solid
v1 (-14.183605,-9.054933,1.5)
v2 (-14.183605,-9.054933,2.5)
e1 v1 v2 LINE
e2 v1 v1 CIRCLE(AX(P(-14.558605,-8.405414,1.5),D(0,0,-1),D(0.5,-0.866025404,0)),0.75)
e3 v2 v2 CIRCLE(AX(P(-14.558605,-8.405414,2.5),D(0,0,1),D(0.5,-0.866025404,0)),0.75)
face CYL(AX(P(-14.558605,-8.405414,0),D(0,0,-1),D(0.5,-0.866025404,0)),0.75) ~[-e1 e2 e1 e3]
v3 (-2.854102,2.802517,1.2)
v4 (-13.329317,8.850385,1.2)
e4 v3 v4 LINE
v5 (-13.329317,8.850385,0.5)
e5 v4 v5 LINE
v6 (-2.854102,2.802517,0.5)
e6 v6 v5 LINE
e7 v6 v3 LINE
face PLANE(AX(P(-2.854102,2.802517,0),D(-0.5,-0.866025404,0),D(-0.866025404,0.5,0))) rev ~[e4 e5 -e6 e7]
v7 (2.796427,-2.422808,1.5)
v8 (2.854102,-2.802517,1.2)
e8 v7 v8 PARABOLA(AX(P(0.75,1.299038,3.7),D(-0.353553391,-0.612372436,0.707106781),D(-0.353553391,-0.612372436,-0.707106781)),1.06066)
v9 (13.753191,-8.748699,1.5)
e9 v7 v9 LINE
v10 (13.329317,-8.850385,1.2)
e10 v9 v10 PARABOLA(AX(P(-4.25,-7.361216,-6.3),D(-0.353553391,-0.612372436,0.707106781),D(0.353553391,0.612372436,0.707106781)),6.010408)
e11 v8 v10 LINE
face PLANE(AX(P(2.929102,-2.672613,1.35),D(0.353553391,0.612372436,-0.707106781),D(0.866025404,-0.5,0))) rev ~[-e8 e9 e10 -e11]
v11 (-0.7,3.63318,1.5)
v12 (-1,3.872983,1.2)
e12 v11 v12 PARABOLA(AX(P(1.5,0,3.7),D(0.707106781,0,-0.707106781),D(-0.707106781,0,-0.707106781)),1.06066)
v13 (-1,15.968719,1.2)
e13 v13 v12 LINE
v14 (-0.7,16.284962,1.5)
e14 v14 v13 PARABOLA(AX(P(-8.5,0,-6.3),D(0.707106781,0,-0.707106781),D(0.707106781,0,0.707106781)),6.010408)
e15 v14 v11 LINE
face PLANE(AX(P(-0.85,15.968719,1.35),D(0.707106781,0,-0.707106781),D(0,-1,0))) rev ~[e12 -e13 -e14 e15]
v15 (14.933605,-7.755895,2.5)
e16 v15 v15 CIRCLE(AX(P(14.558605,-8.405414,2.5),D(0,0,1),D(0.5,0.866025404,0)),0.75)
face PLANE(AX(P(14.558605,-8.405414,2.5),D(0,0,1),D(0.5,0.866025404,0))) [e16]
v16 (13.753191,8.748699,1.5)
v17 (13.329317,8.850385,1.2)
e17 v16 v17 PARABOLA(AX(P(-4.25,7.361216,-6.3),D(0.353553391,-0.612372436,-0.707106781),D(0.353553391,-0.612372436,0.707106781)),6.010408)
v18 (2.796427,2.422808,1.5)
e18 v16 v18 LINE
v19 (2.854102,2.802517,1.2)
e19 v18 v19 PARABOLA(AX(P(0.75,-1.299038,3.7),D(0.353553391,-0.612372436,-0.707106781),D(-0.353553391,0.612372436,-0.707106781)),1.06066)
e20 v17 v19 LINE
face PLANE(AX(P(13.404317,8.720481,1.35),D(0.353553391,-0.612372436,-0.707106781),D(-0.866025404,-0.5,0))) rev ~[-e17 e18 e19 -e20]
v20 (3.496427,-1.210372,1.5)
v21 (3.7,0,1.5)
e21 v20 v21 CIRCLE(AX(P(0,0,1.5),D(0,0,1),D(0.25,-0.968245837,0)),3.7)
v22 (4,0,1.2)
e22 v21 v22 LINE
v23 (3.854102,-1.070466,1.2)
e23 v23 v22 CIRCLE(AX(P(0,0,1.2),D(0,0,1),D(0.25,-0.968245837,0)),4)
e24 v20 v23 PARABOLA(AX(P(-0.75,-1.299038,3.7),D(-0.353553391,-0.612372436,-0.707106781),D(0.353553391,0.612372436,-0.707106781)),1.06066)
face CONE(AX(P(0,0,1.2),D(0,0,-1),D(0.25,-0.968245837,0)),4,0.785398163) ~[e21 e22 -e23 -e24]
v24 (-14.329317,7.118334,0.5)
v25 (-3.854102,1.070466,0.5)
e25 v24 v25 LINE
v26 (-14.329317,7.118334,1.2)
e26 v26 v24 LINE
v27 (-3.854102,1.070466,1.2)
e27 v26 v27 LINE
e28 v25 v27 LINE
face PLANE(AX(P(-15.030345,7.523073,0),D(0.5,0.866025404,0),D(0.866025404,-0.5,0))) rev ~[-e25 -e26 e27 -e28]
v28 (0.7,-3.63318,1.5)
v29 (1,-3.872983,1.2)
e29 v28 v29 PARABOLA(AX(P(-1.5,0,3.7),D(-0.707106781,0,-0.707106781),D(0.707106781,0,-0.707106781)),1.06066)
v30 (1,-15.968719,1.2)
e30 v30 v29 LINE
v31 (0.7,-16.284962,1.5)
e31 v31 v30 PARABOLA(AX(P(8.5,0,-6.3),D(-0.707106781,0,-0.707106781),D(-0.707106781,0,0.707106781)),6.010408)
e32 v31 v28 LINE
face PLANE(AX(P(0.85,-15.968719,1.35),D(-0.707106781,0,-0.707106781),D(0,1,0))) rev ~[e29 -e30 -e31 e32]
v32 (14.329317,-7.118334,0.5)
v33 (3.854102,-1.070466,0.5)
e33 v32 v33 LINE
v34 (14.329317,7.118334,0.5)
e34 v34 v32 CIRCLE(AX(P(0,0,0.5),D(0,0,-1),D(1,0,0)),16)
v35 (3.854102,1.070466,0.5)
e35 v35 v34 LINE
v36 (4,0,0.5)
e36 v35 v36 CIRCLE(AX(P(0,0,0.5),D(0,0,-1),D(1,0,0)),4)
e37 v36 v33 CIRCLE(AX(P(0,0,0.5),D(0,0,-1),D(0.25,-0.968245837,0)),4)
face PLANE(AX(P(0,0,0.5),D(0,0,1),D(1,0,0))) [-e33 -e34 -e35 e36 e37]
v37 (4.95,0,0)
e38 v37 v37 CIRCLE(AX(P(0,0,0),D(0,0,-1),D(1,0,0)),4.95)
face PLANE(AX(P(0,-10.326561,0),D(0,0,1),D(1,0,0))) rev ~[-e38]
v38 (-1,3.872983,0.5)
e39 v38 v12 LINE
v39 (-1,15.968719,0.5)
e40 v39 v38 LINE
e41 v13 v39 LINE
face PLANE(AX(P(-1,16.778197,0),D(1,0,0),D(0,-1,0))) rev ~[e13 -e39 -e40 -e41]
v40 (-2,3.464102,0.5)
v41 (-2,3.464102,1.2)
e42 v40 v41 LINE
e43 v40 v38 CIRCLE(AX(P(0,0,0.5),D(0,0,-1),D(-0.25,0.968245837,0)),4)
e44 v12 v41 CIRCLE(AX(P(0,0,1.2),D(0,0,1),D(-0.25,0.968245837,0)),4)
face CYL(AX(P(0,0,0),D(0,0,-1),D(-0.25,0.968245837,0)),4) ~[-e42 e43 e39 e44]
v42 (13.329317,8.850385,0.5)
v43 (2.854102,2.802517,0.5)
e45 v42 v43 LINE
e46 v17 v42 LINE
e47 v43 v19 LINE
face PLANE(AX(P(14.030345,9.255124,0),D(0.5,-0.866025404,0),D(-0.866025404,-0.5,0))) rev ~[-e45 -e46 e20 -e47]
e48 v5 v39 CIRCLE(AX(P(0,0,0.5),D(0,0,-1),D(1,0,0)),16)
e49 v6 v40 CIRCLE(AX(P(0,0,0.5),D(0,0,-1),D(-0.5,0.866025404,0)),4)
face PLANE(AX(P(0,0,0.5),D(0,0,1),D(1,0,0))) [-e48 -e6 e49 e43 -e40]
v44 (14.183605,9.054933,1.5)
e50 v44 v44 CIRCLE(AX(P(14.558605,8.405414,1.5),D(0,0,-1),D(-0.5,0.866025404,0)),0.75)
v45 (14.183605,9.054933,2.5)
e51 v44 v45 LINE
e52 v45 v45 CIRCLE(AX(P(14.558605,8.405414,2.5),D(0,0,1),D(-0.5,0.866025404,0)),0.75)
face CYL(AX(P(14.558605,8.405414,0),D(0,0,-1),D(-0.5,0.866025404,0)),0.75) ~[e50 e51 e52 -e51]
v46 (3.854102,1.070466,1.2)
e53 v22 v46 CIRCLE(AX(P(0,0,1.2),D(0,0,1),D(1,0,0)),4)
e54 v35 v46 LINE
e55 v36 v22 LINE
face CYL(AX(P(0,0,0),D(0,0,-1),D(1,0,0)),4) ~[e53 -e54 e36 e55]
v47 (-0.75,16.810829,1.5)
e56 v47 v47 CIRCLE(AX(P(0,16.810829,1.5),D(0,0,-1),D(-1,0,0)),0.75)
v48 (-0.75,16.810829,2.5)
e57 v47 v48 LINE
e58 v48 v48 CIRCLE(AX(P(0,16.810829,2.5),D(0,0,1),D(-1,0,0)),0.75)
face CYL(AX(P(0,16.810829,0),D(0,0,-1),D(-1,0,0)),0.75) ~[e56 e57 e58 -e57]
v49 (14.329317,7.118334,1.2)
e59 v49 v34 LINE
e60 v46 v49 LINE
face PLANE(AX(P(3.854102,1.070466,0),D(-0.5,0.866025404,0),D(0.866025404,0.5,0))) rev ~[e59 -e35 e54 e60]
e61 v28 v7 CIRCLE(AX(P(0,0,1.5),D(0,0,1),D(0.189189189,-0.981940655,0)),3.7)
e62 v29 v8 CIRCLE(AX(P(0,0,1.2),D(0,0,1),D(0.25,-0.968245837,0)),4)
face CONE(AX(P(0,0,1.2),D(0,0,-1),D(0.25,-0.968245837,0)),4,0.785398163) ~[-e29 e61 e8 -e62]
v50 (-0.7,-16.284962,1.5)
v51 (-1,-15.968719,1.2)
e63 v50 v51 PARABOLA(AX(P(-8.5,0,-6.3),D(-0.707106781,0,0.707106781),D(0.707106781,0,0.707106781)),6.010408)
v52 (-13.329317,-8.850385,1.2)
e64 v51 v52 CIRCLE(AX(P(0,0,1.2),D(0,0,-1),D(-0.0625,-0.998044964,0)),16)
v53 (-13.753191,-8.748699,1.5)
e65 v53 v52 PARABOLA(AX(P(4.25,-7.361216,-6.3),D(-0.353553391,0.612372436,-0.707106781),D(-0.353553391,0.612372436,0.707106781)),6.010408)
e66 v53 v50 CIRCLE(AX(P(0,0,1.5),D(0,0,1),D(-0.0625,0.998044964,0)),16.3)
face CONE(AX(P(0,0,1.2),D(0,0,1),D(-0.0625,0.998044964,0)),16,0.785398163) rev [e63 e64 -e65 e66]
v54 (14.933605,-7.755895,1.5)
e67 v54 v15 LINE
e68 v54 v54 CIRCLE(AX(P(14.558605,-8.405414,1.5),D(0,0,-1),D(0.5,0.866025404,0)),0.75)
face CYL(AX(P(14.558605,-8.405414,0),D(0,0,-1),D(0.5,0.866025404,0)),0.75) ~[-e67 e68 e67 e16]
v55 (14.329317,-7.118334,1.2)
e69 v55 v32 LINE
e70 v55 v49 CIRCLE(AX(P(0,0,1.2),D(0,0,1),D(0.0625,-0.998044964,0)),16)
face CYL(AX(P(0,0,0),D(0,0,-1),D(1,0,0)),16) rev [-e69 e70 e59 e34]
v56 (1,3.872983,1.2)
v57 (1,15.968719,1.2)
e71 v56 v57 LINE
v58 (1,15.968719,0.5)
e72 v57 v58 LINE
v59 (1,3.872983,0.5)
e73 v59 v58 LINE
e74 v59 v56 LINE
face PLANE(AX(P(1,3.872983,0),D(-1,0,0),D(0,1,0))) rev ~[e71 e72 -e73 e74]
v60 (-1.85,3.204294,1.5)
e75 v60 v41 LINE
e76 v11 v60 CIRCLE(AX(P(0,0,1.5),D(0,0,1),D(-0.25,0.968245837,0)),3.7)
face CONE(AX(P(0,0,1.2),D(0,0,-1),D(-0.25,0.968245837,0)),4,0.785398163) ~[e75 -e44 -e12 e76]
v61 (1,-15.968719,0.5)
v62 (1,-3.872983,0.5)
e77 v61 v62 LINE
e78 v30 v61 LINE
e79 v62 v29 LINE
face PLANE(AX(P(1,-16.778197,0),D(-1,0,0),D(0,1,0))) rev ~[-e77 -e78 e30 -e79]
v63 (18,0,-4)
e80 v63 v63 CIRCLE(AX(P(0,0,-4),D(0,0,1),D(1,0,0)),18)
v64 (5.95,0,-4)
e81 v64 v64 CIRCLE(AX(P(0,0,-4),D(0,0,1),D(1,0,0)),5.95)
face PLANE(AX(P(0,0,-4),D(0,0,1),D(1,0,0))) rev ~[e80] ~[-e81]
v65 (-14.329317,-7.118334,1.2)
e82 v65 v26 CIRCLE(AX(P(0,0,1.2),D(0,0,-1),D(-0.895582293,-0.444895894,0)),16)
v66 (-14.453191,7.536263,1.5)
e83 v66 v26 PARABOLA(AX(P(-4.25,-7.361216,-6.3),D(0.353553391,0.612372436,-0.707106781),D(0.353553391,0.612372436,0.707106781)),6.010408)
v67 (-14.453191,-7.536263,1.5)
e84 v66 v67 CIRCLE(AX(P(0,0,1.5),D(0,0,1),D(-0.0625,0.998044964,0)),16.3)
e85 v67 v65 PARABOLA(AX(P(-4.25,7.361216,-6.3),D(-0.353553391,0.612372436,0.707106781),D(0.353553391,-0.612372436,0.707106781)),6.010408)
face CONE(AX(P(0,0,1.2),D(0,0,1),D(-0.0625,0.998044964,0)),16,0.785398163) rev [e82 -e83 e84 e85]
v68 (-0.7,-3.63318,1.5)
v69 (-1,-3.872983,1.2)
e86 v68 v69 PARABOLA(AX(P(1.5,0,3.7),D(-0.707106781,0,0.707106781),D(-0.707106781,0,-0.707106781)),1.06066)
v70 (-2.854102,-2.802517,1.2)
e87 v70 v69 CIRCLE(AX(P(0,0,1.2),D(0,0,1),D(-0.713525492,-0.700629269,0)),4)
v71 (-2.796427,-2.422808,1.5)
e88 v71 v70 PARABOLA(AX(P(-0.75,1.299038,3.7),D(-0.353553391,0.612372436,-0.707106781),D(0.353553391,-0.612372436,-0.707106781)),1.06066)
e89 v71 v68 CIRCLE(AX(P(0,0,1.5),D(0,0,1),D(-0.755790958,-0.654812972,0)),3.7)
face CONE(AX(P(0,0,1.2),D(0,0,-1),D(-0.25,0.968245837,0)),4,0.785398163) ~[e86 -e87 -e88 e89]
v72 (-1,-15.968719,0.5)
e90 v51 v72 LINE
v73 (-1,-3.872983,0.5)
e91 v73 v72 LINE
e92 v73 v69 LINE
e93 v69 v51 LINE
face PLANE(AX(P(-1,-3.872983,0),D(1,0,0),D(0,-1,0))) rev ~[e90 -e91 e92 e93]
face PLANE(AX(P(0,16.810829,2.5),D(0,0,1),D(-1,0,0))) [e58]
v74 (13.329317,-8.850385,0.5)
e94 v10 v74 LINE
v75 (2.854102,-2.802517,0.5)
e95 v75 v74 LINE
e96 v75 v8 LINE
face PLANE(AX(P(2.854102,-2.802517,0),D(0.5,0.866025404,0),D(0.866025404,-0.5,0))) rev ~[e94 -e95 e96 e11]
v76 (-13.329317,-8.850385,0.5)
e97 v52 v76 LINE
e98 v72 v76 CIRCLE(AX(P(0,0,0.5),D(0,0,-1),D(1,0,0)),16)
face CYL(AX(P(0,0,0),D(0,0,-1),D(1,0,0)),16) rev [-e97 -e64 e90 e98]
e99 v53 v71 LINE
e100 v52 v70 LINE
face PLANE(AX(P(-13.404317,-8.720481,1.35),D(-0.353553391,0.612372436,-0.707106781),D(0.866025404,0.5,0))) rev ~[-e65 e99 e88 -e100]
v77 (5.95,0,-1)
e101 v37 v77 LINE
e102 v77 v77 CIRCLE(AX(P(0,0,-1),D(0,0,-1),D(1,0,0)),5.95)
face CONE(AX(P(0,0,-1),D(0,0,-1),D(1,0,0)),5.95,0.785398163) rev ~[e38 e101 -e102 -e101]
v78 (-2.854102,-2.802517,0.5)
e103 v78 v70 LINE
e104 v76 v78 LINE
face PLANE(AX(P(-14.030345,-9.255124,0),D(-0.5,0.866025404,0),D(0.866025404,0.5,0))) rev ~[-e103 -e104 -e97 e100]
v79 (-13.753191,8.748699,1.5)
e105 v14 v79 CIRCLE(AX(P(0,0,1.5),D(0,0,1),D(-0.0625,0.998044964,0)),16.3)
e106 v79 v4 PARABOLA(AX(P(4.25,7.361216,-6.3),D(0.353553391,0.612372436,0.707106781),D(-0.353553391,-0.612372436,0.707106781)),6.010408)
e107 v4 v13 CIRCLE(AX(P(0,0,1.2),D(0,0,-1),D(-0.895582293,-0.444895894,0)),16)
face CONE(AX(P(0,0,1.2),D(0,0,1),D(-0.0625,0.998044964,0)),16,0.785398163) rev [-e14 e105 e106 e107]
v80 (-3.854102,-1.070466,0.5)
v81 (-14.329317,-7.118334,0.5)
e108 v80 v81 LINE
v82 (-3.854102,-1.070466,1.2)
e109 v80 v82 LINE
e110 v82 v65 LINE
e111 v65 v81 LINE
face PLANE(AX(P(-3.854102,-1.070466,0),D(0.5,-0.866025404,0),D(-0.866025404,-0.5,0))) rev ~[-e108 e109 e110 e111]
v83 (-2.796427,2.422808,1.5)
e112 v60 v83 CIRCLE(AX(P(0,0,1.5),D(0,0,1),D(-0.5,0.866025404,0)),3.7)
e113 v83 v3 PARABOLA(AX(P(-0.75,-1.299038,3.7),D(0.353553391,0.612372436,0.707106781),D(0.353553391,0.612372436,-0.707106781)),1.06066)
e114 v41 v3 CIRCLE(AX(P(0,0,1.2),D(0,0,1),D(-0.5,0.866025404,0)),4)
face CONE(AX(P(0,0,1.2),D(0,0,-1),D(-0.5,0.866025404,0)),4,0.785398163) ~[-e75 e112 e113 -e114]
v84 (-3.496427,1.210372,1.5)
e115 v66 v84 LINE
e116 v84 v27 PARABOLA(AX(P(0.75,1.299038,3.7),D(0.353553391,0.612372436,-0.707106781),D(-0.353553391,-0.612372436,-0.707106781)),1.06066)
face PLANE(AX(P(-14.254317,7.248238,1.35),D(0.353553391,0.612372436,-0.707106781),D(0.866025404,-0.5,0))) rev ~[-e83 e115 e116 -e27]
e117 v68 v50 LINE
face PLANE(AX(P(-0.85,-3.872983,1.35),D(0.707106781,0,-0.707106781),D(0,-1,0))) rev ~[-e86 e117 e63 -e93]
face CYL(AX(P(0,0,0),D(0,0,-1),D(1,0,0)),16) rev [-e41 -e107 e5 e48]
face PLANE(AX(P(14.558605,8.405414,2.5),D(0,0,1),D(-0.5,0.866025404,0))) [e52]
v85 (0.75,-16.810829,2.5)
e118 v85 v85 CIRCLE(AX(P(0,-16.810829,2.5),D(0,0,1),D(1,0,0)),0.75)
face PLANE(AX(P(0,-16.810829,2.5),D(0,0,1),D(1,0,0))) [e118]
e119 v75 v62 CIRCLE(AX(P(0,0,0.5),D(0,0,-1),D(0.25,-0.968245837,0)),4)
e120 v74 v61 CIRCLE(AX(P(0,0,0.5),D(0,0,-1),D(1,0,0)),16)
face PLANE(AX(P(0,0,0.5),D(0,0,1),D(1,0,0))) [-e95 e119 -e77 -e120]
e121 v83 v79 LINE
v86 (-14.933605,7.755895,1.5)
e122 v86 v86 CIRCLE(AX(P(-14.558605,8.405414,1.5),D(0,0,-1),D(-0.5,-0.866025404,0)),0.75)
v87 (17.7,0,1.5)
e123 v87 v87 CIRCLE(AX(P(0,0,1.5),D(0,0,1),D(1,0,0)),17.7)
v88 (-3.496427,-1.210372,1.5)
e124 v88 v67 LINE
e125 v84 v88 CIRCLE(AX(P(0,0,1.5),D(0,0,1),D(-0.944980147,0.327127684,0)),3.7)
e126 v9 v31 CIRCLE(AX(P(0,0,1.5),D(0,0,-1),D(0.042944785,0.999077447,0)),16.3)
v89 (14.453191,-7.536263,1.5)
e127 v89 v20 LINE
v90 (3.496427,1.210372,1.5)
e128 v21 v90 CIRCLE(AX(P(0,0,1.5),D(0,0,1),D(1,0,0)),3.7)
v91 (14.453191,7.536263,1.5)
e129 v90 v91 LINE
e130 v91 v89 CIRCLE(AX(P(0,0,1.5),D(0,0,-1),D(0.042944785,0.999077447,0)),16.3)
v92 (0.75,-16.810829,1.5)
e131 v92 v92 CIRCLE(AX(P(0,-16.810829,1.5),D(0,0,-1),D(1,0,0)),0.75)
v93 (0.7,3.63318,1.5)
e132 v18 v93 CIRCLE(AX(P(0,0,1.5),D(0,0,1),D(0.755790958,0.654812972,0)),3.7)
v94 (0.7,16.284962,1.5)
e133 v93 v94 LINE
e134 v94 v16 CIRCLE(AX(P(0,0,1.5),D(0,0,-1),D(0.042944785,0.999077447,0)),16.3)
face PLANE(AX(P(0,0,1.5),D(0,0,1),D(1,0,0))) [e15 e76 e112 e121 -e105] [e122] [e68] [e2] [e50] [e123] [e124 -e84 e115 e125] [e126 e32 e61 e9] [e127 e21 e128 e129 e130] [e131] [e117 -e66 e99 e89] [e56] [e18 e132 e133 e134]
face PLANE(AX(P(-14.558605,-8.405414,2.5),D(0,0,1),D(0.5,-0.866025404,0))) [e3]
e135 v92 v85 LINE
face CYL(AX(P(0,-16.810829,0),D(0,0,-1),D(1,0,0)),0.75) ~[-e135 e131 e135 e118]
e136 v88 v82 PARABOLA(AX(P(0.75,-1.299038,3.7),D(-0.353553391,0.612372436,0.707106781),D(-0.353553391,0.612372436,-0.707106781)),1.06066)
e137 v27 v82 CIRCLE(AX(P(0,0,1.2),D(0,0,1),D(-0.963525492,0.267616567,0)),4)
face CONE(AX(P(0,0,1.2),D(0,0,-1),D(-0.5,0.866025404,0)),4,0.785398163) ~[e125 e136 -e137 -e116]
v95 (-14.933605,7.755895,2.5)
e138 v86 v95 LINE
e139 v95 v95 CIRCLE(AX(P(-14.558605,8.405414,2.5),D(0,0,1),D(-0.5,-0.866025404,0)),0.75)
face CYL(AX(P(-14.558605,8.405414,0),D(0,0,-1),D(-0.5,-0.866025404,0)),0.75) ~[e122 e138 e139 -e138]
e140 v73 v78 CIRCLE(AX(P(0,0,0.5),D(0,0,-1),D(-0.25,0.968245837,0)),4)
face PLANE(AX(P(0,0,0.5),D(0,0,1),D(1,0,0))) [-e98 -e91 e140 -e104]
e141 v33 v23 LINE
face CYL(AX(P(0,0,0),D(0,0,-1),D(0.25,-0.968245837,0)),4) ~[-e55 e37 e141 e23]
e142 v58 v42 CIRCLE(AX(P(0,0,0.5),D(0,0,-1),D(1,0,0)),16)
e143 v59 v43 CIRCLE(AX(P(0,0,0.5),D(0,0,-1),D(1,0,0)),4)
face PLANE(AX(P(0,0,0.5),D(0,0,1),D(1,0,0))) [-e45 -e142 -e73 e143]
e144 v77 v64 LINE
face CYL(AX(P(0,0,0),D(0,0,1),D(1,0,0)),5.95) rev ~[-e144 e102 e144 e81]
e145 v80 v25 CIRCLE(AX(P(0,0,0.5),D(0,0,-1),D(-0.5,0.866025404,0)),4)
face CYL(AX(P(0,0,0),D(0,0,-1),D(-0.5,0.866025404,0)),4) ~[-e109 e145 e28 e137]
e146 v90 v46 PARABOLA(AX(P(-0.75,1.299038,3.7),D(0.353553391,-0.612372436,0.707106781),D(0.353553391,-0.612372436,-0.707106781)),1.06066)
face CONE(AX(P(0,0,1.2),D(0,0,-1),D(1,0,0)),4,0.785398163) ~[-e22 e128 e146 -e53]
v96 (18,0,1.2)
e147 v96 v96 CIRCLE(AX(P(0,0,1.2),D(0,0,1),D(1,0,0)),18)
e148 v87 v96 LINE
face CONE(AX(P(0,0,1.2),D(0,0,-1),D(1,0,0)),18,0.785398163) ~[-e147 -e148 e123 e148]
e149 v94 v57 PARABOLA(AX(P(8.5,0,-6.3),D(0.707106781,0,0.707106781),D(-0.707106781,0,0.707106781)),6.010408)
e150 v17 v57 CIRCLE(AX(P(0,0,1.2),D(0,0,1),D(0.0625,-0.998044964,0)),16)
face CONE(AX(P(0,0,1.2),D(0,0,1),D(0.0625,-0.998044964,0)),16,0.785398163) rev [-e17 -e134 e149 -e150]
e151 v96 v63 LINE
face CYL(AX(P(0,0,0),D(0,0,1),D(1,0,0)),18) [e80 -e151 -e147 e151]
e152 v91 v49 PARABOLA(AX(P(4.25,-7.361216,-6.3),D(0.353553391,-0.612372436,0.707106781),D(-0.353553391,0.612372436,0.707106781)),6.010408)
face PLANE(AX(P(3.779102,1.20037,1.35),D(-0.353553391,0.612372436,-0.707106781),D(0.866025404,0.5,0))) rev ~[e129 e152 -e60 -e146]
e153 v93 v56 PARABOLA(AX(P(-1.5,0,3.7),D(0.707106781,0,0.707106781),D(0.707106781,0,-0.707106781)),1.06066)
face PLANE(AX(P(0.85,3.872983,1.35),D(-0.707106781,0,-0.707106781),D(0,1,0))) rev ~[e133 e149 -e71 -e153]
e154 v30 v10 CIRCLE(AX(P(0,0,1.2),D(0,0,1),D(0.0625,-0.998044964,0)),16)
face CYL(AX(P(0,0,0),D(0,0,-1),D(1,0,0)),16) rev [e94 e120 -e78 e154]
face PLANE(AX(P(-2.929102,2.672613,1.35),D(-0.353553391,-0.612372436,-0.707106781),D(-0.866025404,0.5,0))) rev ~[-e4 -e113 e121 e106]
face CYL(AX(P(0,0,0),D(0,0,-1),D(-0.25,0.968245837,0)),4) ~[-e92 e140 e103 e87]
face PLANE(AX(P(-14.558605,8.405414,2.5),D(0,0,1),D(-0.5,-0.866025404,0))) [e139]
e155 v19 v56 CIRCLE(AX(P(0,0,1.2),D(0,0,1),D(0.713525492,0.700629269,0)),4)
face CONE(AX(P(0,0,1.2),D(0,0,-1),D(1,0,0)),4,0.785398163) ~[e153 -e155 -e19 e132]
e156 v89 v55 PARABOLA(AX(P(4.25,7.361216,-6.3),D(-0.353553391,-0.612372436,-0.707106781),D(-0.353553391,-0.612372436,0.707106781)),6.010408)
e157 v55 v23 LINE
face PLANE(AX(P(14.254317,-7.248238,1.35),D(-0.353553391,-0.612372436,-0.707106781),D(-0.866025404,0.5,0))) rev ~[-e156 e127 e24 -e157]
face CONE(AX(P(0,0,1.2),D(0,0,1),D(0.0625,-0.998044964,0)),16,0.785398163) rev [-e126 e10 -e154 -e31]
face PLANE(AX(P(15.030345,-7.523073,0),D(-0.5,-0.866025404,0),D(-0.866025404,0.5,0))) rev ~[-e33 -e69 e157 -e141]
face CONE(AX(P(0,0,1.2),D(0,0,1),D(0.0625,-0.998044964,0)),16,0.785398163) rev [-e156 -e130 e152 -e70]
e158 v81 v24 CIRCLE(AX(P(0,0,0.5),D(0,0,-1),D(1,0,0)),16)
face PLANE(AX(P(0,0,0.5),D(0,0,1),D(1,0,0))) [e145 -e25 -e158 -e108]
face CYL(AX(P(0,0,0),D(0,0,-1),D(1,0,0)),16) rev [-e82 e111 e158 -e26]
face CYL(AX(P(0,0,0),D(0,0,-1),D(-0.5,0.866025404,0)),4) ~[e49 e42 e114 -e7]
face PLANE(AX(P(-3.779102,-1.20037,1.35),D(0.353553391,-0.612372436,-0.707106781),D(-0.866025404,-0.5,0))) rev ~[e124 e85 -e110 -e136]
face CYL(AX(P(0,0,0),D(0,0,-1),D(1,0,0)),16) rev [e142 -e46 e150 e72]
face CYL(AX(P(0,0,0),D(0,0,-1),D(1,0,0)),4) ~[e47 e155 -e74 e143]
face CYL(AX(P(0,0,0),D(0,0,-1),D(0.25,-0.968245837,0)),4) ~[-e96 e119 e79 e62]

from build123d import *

# Parameters (mm, degrees)
F0_R      = 18
F0_R_2    = 5.95
F1_DEPTH  = 4
F2_R      = 18
F2_R_2    = 16
F3_DEPTH  = 1.5
F5_DEPTH  = 1.5
F6_SIZE   = 0.3
F7_COUNT  = 3
F8_R      = 0.75
F9_DEPTH  = 2.5
F10_COUNT = 6
F11_R     = 17
F12_DEPTH = 0.5
F13_SIZE  = 1


with BuildPart() as f1:
    # F0 (on Top) → F1 (new body)
    with BuildSketch(Plane.XY):
        Circle(F0_R)
        Circle(F0_R_2, mode=Mode.SUBTRACT)
    extrude(amount=-F1_DEPTH)

    # F2 (on Top) → F3 (join)
    with BuildSketch(Plane.XY):
        Circle(F2_R)
        Circle(F2_R_2, mode=Mode.SUBTRACT)
    extrude(amount=F3_DEPTH)

    # F4 (on Top) → F5 (join)
    with BuildSketch(Plane.XY):
        with BuildLine():
            Line((-1, -16.7781973636), (1, -16.7781973636))
            Line((1, -16.7781973636), (1, -3.8729833462))
            ThreePointArc((1, -3.8729833462), (0, -4), (-1, -3.8729833462))
            Line((-1, -3.8729833462), (-1, -16.7781973636))
        make_face()
        with BuildLine():
            ThreePointArc((-1, -3.8729833462), (0, -4), (1, -3.8729833462))
            Line((1, -3.8729833462), (1, 3.8729833462))
            ThreePointArc((1, 3.8729833462), (0, 4), (-1, 3.8729833462))
            Line((-1, 3.8729833462), (-1, -3.8729833462))
        make_face()
        with BuildLine():
            Line((1, 3.8729833462), (1, -3.8729833462))
            ThreePointArc((1, -3.8729833462), (3.1622776602, -2.4494897428), (4, 0))
            ThreePointArc((4, 0), (3.1622776602, 2.4494897428), (1, 3.8729833462))
        make_face()
        with BuildLine():
            ThreePointArc((-1, 3.8729833462), (-4, 0), (-1, -3.8729833462))
            Line((-1, -3.8729833462), (-1, 3.8729833462))
        make_face()
        with BuildLine():
            ThreePointArc((-1, 3.8729833462), (0, 4), (1, 3.8729833462))
            Line((1, 3.8729833462), (1, 16.7781973636))
            Line((1, 16.7781973636), (-1, 16.7781973636))
            Line((-1, 16.7781973636), (-1, 3.8729833462))
        make_face()
    extrude(amount=F5_DEPTH)

    # F6
    f6_edges = [f1.edges().sort_by_distance(p)[0] for p in [
        (-18, 0, 1.5),
        (16, 0, 1.5),
        (1, -9.920851, 1.5),
        (4, 0, 1.5),
        (1, 9.920851, 1.5),
        (-16, 0, 1.5),
        (-1, 9.920851, 1.5),
        (-4, 0, 1.5),
        (-1, -9.920851, 1.5),
    ]]
    chamfer(f6_edges, length=F6_SIZE)

    # F7: F1 ×3 about axis
    f7_axis = Axis((0, 0, 0), (0, 0, 1))


with BuildPart() as f1_1:
    add(f1.part)
    for i in range(1, F7_COUNT):
        add(f1.part.rotate(f7_axis, i * 360 / F7_COUNT))

    # F8 (on Top) → F9 (join)
    with BuildSketch(Plane.XY):
        with Locations((0, -16.8108288199)):
            Circle(F8_R)
    extrude(amount=F9_DEPTH)

    # F10: F1 ×6 about axis
    f10_axis = Axis((0, 0, 1.2), (0, 0, -1))


with BuildPart() as f1_2:
    add(f1_1.part)
    for i in range(1, F10_COUNT):
        add(f1_1.part.rotate(f10_axis, i * 360 / F10_COUNT))

    # F11 (on Top) → F12 (join)
    with BuildSketch(Plane.XY):
        Circle(F11_R)
    extrude(amount=F12_DEPTH)

    # F13
    f13_edges = [f1_2.edges().sort_by_distance(p)[0] for p in [
        (-5.95, 0, 0),
    ]]
    chamfer(f13_edges, length=F13_SIZE)


solid = f1_2.part
